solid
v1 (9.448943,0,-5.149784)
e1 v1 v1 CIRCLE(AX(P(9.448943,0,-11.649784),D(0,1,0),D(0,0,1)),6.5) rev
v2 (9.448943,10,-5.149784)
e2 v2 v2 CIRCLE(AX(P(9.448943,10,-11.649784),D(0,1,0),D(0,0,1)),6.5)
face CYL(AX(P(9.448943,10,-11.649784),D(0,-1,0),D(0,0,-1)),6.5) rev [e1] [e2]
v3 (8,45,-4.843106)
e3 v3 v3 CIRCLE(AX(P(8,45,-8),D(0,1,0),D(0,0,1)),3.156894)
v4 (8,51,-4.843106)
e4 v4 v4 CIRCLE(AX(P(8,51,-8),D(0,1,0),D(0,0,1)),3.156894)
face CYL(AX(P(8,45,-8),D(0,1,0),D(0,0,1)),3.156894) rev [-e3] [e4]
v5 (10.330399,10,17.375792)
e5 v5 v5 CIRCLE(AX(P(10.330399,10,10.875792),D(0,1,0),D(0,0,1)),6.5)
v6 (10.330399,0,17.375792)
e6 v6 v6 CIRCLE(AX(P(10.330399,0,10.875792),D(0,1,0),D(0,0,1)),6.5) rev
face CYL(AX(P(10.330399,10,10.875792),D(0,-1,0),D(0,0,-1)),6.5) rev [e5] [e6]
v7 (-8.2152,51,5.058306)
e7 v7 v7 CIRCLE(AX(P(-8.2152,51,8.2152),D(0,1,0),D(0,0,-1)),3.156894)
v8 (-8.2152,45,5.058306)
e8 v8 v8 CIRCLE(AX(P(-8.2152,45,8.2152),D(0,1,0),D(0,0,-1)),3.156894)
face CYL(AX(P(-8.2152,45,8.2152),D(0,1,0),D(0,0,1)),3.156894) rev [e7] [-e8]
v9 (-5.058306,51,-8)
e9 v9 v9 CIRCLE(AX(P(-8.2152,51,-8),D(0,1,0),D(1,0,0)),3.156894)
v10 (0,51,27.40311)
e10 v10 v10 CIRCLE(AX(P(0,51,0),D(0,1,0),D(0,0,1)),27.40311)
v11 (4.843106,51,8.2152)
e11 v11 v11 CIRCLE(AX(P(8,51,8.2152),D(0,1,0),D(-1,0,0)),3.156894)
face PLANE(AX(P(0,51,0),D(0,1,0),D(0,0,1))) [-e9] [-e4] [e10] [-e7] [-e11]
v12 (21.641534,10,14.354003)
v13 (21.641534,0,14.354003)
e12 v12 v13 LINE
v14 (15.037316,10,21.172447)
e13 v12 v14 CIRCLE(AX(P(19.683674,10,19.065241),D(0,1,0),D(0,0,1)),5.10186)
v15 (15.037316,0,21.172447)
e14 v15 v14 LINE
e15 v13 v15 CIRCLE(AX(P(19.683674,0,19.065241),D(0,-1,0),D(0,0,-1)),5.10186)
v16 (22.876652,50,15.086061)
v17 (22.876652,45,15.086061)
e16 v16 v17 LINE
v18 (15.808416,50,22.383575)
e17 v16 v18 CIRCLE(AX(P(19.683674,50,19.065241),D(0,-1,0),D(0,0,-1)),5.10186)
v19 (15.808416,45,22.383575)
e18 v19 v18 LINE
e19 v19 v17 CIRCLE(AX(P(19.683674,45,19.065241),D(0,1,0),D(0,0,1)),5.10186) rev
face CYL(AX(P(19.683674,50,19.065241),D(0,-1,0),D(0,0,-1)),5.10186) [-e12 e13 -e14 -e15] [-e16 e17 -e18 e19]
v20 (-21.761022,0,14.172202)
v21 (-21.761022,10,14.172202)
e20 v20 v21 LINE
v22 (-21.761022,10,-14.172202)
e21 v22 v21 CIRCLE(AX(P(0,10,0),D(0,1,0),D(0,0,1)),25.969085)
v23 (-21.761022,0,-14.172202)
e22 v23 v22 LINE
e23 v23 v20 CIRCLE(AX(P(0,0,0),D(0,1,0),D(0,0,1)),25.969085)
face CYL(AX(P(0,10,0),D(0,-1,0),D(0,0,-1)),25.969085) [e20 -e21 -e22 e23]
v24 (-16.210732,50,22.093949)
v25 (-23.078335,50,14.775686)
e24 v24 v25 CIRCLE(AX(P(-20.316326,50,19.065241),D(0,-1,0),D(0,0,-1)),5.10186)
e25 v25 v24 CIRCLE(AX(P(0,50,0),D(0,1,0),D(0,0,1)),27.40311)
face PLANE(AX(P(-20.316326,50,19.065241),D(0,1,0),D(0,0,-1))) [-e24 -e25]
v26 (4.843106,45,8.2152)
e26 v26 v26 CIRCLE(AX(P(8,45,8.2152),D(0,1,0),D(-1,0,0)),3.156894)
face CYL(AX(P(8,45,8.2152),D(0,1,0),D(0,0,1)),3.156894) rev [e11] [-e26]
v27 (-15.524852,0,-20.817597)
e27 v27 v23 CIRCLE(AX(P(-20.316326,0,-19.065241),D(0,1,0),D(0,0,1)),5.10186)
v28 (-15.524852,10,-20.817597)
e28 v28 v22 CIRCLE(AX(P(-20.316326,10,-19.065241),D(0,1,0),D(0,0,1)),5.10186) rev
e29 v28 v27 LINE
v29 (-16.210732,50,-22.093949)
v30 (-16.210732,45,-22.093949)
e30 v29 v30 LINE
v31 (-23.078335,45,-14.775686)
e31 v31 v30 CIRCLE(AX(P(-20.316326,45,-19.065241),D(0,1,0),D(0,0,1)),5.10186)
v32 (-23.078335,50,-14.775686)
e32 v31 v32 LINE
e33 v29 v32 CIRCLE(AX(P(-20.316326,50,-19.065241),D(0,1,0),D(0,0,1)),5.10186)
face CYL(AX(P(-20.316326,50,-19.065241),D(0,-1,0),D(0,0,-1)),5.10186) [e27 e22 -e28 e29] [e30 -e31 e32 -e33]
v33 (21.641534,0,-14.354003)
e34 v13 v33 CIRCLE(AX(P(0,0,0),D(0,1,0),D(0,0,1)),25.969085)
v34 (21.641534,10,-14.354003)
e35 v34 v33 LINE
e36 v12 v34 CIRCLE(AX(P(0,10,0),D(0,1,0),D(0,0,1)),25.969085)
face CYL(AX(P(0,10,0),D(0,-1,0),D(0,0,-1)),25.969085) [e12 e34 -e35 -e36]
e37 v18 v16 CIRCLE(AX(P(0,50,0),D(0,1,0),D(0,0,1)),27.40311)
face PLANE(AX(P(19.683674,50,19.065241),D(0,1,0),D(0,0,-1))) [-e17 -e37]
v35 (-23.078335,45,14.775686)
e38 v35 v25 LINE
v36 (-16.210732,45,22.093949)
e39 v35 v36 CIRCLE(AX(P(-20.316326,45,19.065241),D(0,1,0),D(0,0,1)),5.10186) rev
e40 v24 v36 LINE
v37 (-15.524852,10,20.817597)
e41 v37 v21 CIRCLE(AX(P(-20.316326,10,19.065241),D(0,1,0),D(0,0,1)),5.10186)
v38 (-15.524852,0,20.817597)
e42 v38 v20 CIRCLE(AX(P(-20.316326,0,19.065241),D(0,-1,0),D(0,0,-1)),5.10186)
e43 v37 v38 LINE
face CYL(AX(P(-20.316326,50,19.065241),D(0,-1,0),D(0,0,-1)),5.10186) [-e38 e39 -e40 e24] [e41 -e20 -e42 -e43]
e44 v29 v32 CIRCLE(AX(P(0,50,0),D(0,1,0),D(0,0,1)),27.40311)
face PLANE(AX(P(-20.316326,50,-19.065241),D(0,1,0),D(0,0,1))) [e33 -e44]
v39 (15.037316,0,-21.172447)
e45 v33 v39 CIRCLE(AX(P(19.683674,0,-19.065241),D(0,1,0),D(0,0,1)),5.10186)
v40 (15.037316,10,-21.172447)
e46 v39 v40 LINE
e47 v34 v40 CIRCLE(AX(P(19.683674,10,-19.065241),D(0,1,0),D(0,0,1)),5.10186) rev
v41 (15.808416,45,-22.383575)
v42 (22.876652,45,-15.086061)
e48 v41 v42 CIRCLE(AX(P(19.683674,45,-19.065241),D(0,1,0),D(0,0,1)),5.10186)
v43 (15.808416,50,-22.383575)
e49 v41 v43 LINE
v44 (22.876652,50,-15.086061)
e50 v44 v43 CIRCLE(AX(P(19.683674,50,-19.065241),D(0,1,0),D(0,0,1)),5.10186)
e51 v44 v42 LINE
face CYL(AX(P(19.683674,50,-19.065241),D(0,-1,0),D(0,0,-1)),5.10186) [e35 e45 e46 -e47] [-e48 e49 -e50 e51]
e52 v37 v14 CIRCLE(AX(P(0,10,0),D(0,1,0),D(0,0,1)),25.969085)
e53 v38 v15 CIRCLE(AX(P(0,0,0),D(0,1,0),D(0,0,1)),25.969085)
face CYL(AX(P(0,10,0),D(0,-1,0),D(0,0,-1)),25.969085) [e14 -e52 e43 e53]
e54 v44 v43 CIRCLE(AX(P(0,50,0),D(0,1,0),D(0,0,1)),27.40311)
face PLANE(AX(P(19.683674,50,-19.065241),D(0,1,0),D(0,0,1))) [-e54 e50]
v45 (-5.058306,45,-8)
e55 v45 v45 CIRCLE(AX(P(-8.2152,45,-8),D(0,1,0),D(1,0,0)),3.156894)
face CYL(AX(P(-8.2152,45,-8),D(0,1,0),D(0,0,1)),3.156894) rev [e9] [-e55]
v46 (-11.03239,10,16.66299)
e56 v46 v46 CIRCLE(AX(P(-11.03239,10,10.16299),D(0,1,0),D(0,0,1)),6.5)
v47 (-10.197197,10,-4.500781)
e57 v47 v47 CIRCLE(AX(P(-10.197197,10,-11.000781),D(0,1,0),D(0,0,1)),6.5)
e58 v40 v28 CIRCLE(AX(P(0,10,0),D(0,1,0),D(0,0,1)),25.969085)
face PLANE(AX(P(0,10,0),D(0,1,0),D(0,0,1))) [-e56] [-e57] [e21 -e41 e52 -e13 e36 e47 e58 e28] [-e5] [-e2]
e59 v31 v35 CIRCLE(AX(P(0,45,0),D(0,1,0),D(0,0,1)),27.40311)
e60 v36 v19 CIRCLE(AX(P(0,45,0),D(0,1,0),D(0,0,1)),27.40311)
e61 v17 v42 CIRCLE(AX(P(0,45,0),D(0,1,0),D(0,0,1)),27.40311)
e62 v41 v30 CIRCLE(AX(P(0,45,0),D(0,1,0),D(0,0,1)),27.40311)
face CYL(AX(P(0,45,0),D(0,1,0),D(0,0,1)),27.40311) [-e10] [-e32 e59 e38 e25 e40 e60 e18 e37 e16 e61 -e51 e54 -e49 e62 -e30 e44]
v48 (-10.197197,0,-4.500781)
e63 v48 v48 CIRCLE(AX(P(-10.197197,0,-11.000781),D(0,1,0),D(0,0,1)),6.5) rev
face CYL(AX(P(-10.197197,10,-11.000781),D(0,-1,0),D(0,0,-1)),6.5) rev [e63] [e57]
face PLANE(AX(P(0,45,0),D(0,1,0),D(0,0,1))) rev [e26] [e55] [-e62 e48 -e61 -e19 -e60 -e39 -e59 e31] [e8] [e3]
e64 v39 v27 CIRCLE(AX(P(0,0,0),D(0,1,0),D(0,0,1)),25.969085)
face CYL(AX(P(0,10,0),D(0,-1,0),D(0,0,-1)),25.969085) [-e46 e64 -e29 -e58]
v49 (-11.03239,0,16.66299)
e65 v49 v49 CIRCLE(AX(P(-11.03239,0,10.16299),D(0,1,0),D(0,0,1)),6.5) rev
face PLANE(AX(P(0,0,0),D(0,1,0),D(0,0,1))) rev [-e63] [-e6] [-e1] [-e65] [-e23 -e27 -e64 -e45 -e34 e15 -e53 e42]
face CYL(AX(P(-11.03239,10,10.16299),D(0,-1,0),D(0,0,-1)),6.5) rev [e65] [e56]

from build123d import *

# Parameters (mm, degrees)
SKETCH1_R                = 25.969085179
BOSS_EXTRUDE1_DEPTH      = 10
CUT_EXTRUDE6_DEPTH       = 10
CUT_EXTRUDE6_DEPTH_BACK  = 10
SKETCH2_R                = 6.5
SKETCH4_R                = 5.101859566
BOSS_EXTRUDE2_DEPTH      = 50
BOSS_EXTRUDE3_DEPTH      = 1
BOSS_EXTRUDE3_DEPTH_BACK = 5
SKETCH5_R                = 27.403110043
SKETCH6_R                = 3.156893789
CUT_EXTRUDE7_DEPTH       = 6
CIRPATTERN1_COUNT        = 4


with BuildPart() as part:
    # Sketch1 → Boss-Extrude1 (new body)
    with BuildSketch(Plane(origin=(0, 0, 0), x_dir=(1, 0, 0), z_dir=(0, 1, 0))):
        with Locations(Location((0, 0, 0), (0, 0, 270))):
            Circle(SKETCH1_R)
    extrude(amount=BOSS_EXTRUDE1_DEPTH)

    # Sketch2 → Cut-Extrude6 (cut, two sides: drawn at the far end of the back side and taken through both)
    with BuildSketch(Plane(origin=(0, 0, 0), x_dir=(1, 0, 0), z_dir=(0, 1, 0)).offset(-CUT_EXTRUDE6_DEPTH_BACK)):
        with Locations(Location((-10.19719706, 11.000780524, 0), (0, 0, 270))):
            Circle(SKETCH2_R)
        with Locations(Location((-11.032390275, -10.162989955, 0), (0, 0, 270))):
            Circle(SKETCH2_R)
        with Locations(Location((10.330398744, -10.875792467, 0), (0, 0, 270))):
            Circle(SKETCH2_R)
        with Locations(Location((9.448943305, 11.649784136, 0), (0, 0, 270))):
            Circle(SKETCH2_R)
    extrude(amount=CUT_EXTRUDE6_DEPTH + CUT_EXTRUDE6_DEPTH_BACK, mode=Mode.SUBTRACT)

    # Sketch4 → Boss-Extrude2 (add)
    with BuildSketch(Plane(origin=(0, 0, 0), x_dir=(1, 0, 0), z_dir=(0, 1, 0))):
        with Locations(Location((-20.316325534, 19.065240611, 0), (0, 0, 20.088676174))):
            Circle(SKETCH4_R)
        with Locations(Location((19.683674466, 19.065240611, 0), (0, 0, 155.604859665))):
            Circle(SKETCH4_R)
    boss_extrude2 = extrude(amount=BOSS_EXTRUDE2_DEPTH)

    # Mirror1: Boss-Extrude2 across plane
    add(boss_extrude2.mirror(Plane.XY))

    # Sketch5 → Boss-Extrude3 (add, two sides: drawn at the far end of the back side and taken through both)
    with BuildSketch(Plane(origin=(0, 50, 0), x_dir=(1, 0, 0), z_dir=(0, 1, 0)).offset(-BOSS_EXTRUDE3_DEPTH_BACK)):
        with Locations(Location((0, 0, 0), (0, 0, 270))):
            Circle(SKETCH5_R)
    extrude(amount=BOSS_EXTRUDE3_DEPTH + BOSS_EXTRUDE3_DEPTH_BACK)

    # Sketch6 → Cut-Extrude7 (cut)
    with BuildSketch(Plane(origin=(0, 51, 0), x_dir=(1, 0, 0), z_dir=(0, 1, 0))):
        with Locations(Location((8, 8, 0), (0, 0, 270))):
            Circle(SKETCH6_R)
    cut_extrude7 = extrude(amount=-CUT_EXTRUDE7_DEPTH, mode=Mode.SUBTRACT)

    # CirPattern1: Cut-Extrude7 ×4 about axis
    cirpattern1_axis = Axis((-0.107600069, 0, 0.107600069), (0, 1, 0))
    for i in range(1, CIRPATTERN1_COUNT):
        add(cut_extrude7.rotate(cirpattern1_axis, i * 360 / CIRPATTERN1_COUNT), mode=Mode.SUBTRACT)


solid = part.part
